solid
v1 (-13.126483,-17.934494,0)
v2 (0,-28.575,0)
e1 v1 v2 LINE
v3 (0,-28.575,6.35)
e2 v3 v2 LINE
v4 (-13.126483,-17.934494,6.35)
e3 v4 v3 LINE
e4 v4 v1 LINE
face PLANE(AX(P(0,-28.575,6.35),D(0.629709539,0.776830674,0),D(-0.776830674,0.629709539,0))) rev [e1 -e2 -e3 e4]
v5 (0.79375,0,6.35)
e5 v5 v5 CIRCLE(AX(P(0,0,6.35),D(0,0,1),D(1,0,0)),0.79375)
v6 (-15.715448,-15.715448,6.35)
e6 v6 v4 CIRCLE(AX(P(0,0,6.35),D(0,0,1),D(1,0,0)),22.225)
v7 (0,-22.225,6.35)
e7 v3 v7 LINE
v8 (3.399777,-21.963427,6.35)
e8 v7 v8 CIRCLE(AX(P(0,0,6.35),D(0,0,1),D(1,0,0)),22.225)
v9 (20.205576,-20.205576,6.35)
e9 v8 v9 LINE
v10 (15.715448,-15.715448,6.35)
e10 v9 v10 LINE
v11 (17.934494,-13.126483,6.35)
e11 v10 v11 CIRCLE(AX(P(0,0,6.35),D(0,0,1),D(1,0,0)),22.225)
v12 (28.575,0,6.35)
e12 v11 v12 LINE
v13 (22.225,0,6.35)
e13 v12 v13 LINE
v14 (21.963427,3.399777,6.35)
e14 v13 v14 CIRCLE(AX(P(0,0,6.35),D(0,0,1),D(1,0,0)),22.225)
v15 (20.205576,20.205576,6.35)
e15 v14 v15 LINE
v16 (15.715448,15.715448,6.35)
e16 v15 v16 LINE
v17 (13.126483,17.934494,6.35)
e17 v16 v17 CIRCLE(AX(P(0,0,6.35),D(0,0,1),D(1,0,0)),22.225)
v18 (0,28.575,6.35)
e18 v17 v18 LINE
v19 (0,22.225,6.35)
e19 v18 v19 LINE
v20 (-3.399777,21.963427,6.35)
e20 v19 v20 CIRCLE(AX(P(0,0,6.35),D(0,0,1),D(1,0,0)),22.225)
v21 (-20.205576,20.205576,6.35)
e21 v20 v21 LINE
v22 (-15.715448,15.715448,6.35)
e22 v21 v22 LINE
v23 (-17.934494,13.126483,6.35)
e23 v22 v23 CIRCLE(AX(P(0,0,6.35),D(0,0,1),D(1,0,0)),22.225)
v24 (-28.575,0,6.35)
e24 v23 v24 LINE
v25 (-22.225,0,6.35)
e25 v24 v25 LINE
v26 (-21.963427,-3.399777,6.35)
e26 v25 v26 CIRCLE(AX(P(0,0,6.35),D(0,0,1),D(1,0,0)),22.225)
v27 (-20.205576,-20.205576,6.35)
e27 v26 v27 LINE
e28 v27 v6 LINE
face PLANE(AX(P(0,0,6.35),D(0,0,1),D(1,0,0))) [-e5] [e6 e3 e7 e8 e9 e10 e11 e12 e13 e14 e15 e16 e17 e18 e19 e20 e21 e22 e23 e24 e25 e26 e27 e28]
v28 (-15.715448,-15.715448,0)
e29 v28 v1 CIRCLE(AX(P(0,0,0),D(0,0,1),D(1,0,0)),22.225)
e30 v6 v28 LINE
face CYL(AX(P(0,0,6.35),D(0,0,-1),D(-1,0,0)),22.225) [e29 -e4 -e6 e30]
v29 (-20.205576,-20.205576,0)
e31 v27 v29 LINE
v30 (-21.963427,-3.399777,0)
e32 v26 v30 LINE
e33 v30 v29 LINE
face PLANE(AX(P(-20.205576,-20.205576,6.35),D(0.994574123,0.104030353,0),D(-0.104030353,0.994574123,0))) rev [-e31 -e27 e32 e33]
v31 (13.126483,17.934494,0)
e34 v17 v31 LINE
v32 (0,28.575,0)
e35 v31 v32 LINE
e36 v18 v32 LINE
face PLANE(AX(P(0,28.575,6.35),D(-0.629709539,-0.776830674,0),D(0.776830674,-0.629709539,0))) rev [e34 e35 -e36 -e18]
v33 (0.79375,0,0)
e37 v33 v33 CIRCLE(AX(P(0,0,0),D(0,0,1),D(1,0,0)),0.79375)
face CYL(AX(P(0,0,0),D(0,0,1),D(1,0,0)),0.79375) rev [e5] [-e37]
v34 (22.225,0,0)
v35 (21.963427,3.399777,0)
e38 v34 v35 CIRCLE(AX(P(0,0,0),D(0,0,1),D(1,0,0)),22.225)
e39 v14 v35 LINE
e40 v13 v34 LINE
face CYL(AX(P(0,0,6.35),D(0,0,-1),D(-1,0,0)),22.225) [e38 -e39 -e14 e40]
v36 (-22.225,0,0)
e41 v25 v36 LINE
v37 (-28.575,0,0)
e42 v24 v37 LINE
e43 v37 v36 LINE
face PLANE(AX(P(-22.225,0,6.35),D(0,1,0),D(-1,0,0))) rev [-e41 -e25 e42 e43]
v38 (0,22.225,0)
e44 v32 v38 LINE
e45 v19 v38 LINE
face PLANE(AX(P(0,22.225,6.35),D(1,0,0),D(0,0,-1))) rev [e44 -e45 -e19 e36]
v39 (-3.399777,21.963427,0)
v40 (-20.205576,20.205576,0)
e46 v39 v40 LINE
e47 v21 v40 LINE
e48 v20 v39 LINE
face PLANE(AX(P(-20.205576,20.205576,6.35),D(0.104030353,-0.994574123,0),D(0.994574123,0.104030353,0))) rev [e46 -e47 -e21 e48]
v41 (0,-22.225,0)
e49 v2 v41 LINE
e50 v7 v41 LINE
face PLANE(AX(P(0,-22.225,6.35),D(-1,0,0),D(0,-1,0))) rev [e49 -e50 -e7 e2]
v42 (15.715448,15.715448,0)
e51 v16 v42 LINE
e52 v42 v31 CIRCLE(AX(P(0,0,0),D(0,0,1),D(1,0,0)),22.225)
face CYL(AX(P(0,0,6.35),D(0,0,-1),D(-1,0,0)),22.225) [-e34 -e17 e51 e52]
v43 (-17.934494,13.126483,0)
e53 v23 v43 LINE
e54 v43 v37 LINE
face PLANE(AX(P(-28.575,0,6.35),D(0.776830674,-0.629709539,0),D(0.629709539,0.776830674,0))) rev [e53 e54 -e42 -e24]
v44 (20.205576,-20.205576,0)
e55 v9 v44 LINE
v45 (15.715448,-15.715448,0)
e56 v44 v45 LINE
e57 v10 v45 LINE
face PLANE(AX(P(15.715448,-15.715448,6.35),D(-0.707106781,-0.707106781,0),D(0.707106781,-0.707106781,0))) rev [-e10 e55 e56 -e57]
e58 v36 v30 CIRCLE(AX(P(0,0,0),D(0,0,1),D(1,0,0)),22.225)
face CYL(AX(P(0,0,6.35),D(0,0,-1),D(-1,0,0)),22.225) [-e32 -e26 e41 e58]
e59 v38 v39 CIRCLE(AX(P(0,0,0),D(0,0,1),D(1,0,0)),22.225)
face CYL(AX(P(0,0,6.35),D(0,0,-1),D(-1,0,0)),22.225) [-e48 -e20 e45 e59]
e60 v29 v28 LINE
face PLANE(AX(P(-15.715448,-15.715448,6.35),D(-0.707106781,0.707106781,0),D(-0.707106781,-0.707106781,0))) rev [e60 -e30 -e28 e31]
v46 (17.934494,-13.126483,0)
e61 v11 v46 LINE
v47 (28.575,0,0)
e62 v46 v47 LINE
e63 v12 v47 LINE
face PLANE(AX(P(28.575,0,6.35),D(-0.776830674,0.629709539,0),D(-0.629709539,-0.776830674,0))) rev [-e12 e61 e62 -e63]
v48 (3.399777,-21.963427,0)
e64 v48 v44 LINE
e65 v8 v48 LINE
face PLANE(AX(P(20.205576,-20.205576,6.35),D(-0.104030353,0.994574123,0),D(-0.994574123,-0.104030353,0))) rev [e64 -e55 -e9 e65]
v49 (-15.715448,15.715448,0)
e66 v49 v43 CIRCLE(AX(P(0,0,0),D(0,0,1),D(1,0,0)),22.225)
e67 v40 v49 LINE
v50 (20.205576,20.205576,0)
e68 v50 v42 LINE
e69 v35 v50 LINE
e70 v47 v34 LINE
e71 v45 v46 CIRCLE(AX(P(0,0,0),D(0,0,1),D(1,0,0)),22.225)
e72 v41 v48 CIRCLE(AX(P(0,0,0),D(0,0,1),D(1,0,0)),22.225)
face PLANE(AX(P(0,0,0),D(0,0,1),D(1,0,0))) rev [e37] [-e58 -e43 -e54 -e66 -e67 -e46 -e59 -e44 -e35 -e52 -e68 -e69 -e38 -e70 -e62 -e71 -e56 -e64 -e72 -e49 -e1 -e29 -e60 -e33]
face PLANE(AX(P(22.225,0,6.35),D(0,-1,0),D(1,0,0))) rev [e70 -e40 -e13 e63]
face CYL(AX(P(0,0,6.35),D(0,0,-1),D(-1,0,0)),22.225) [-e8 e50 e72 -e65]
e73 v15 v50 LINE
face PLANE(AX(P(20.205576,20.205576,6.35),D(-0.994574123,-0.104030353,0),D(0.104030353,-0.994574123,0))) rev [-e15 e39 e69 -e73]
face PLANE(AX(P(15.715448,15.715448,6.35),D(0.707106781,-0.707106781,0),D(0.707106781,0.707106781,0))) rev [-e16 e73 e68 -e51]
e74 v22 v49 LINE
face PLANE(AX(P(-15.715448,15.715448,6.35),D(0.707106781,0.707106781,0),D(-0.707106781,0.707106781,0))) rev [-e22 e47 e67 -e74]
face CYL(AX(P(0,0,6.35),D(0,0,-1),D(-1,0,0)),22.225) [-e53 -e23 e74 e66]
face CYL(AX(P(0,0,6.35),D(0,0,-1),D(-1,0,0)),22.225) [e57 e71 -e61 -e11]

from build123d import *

# Parameters (mm, degrees)
BOSS_EXTRUDE1_DEPTH = 6.35
SKETCH2_R           = 0.79375
CUT_EXTRUDE1_DEPTH  = 41.907013457


with BuildPart() as part:
    # Sketch1 → Boss-Extrude1 (new body)
    with BuildSketch(Plane.XY):
        with BuildLine():
            Line((0, 22.225), (0, 28.575))
            Line((0, 28.575), (13.126483451, 17.934493503))
            ThreePointArc((13.126483451, 17.934493503), (14.463585172, 16.87469493), (15.715448212, 15.715448212))
            Line((15.715448212, 15.715448212), (20.205576272, 20.205576272))
            Line((20.205576272, 20.205576272), (21.963427435, 3.399776512))
            ThreePointArc((21.963427435, 3.399776512), (22.159510371, 1.70491206), (22.225, 0))
            Line((22.225, 0), (28.575, 0))
            Line((28.575, 0), (17.934493503, -13.126483451))
            ThreePointArc((17.934493503, -13.126483451), (16.87469493, -14.463585172), (15.715448212, -15.715448212))
            Line((15.715448212, -15.715448212), (20.205576272, -20.205576272))
            Line((20.205576272, -20.205576272), (3.399776512, -21.963427435))
            ThreePointArc((3.399776512, -21.963427435), (1.70491206, -22.159510371), (0, -22.225))
            Line((0, -22.225), (0, -28.575))
            Line((0, -28.575), (-13.126483451, -17.934493503))
            ThreePointArc((-13.126483451, -17.934493503), (-14.463585172, -16.87469493), (-15.715448212, -15.715448212))
            Line((-15.715448212, -15.715448212), (-20.205576272, -20.205576272))
            Line((-20.205576272, -20.205576272), (-21.963427435, -3.399776512))
            ThreePointArc((-21.963427435, -3.399776512), (-22.159510371, -1.70491206), (-22.225, 0))
            Line((-22.225, 0), (-28.575, 0))
            Line((-28.575, 0), (-17.934493503, 13.126483451))
            ThreePointArc((-17.934493503, 13.126483451), (-16.87469493, 14.463585172), (-15.715448212, 15.715448212))
            Line((-15.715448212, 15.715448212), (-20.205576272, 20.205576272))
            Line((-20.205576272, 20.205576272), (-3.399776512, 21.963427435))
            ThreePointArc((-3.399776512, 21.963427435), (-1.70491206, 22.159510371), (0, 22.225))
        make_face()
    extrude(amount=BOSS_EXTRUDE1_DEPTH)

    # Sketch2 → Cut-Extrude1 (cut, through all)
    with BuildSketch(Plane.XY.offset(6.35)):
        Circle(SKETCH2_R)
    extrude(amount=-CUT_EXTRUDE1_DEPTH, mode=Mode.SUBTRACT)


solid = part.part
